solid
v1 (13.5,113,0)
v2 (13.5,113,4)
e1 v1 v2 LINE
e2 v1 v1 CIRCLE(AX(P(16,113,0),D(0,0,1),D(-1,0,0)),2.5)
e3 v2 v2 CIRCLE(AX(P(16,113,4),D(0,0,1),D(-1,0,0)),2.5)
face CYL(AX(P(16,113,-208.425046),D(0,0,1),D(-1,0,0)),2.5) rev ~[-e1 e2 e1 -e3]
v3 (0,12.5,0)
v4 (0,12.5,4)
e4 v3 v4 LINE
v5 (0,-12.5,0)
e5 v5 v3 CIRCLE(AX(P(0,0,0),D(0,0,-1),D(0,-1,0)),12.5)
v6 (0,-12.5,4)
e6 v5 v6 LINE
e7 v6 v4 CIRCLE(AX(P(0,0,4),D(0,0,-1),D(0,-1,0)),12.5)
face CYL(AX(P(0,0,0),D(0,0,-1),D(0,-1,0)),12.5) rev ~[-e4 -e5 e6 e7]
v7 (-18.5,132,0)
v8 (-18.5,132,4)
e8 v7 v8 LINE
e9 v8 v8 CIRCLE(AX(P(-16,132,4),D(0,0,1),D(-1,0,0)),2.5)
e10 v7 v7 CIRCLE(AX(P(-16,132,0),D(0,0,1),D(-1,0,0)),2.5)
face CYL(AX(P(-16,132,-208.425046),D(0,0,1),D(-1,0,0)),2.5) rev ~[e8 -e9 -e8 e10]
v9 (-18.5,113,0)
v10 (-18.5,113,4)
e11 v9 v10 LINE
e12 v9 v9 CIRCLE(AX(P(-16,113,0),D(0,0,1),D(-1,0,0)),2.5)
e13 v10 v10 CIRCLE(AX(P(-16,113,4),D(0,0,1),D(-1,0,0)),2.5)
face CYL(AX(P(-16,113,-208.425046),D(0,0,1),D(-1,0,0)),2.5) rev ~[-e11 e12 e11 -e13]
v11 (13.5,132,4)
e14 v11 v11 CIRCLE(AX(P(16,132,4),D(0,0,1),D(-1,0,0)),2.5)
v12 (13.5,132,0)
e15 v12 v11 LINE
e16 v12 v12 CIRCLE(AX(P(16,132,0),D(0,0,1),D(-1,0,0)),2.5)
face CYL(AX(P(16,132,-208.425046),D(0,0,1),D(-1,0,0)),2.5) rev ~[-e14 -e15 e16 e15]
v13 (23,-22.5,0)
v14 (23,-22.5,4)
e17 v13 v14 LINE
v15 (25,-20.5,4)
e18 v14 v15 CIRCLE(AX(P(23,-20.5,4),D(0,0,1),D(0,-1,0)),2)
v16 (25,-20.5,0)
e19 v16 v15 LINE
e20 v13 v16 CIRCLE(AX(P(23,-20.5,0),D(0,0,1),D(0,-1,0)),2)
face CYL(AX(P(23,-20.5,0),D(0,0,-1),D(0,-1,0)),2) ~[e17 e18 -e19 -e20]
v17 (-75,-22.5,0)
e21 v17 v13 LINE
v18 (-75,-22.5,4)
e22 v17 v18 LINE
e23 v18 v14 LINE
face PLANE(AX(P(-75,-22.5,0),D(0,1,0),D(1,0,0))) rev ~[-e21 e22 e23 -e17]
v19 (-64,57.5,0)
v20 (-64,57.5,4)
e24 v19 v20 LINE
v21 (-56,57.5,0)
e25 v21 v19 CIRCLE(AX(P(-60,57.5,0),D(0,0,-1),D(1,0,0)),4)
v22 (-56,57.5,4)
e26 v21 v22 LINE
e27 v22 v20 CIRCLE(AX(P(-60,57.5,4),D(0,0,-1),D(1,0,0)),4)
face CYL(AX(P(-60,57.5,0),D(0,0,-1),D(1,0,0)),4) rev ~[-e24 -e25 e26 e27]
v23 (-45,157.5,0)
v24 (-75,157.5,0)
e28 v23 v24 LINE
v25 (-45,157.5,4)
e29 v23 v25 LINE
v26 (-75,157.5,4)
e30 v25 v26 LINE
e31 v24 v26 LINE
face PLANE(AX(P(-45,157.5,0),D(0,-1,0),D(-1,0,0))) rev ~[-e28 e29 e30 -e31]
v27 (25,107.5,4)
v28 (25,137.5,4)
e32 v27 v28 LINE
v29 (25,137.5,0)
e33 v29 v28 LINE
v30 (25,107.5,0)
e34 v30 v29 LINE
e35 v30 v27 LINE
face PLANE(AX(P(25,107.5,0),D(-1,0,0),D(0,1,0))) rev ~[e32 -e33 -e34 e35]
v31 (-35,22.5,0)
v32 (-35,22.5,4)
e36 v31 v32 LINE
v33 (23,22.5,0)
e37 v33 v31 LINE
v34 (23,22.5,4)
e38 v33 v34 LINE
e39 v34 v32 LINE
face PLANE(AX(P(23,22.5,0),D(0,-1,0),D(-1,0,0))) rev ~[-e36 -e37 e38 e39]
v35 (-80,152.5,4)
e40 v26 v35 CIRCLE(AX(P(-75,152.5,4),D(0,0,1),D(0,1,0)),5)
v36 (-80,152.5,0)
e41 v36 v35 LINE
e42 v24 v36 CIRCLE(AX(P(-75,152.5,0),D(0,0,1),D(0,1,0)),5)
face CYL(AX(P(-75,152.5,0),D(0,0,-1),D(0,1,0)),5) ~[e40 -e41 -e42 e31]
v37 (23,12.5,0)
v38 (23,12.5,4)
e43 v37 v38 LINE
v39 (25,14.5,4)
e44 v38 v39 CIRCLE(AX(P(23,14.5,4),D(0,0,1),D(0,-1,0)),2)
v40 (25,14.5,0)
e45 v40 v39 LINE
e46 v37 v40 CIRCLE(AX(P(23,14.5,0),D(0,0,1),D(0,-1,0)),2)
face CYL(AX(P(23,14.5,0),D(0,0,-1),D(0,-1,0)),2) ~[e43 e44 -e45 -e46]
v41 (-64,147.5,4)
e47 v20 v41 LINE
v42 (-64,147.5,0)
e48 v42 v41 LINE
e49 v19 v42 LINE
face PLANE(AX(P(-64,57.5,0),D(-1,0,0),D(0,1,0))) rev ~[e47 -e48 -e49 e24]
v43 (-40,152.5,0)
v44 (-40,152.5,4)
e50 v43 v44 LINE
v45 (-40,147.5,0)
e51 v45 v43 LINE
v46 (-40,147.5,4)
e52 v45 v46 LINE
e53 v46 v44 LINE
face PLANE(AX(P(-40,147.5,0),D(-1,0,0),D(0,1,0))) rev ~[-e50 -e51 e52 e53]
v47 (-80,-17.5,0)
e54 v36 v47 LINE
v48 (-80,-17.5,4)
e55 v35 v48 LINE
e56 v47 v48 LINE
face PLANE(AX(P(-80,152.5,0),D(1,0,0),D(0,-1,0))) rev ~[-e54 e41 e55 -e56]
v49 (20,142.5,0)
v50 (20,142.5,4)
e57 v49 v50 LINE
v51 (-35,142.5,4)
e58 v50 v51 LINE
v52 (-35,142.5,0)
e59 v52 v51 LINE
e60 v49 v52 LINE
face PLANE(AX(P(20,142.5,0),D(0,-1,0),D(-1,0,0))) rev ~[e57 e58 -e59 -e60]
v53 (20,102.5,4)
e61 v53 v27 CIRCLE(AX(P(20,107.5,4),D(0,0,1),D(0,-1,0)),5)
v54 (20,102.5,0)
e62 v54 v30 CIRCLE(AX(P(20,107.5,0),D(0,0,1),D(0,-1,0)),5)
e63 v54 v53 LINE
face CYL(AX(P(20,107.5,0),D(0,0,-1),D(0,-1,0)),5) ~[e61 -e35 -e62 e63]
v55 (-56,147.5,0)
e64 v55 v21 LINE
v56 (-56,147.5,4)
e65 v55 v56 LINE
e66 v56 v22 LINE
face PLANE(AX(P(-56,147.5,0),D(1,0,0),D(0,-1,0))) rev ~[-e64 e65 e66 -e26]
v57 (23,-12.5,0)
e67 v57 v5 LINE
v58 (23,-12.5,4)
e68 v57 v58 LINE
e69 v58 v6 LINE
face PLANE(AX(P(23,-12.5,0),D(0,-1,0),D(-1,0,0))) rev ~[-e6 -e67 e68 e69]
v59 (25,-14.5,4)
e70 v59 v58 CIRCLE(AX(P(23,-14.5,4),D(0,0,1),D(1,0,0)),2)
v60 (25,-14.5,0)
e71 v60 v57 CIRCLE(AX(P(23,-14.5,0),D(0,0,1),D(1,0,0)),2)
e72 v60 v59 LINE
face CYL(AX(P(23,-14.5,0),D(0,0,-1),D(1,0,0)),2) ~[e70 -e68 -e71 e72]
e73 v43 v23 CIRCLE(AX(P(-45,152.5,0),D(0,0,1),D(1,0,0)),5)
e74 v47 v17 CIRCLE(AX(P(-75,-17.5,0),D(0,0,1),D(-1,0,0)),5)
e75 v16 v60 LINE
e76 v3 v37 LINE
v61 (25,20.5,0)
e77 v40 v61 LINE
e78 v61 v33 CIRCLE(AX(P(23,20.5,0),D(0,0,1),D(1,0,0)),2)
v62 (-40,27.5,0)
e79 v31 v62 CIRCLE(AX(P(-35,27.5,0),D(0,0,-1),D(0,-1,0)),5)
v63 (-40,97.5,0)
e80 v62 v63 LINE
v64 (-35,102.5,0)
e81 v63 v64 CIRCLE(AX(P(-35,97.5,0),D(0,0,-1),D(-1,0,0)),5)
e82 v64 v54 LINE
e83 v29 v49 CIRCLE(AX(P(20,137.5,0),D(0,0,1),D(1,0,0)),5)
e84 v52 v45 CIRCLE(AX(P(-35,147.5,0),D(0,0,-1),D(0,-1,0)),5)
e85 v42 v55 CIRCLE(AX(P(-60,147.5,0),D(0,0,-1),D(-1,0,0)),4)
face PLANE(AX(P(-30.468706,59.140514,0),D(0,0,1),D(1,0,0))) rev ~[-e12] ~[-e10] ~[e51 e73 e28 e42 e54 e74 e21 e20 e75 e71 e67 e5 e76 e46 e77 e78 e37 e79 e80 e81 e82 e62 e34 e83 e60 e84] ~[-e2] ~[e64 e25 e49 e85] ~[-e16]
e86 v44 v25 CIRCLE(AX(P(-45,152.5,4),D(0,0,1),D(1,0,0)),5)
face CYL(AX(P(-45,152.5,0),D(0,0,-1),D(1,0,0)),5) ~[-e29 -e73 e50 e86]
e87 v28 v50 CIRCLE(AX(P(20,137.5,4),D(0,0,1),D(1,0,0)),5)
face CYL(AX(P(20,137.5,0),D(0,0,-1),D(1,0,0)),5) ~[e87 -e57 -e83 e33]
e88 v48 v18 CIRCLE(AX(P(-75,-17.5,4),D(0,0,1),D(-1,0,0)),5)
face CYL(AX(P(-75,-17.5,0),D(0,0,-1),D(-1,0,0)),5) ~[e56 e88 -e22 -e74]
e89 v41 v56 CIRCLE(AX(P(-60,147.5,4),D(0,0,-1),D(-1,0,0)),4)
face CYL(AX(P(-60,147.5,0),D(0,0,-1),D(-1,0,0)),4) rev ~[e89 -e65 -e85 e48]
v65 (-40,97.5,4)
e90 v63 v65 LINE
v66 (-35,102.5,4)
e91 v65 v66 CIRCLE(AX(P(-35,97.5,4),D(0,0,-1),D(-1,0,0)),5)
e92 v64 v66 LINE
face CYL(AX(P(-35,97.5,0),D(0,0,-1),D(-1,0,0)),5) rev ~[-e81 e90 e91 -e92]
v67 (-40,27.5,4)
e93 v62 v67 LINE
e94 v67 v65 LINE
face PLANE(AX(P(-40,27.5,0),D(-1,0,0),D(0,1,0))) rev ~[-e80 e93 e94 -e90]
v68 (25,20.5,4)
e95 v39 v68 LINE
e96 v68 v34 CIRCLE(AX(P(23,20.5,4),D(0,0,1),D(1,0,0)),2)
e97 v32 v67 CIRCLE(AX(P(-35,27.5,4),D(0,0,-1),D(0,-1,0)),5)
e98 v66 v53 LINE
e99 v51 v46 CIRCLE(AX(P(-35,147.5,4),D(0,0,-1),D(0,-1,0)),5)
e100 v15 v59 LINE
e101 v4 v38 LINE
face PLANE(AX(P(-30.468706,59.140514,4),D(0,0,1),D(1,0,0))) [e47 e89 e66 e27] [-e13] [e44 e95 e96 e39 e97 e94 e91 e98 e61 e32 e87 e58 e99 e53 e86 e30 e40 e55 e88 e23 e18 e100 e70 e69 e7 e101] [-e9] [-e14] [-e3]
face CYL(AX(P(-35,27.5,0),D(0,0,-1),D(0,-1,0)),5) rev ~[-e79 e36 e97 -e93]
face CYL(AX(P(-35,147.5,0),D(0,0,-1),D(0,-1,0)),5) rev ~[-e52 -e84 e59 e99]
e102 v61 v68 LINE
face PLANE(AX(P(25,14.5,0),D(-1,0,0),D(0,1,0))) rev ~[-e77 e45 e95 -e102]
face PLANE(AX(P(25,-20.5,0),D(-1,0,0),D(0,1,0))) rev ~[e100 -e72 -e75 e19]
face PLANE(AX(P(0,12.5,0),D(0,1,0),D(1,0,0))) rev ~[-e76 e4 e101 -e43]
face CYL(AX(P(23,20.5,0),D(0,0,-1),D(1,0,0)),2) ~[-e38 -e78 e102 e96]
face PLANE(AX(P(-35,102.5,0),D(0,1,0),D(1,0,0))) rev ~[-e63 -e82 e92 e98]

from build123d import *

# Parameters (mm, degrees)
F1_DEPTH = 4
F2_D     = 5


with BuildPart() as f1:
    # F0 (on Top) → F1 (new body)
    with BuildSketch(Plane.XY):
        with BuildLine():
            ThreePointArc((0, -12.5), (-12.5, 0), (0, 12.5))
            Line((0, 12.5), (23, 12.5))
            ThreePointArc((23, 12.5), (24.4142135624, 13.0857864376), (25, 14.5))
            Line((25, 14.5), (25, 20.5))
            ThreePointArc((25, 20.5), (24.4142135624, 21.9142135624), (23, 22.5))
            Line((23, 22.5), (-35, 22.5))
            ThreePointArc((-35, 22.5), (-38.5355339059, 23.9644660941), (-40, 27.5))
            Line((-40, 27.5), (-40, 97.5))
            ThreePointArc((-40, 97.5), (-38.5355339059, 101.0355339059), (-35, 102.5))
            Line((-35, 102.5), (20, 102.5))
            ThreePointArc((20, 102.5), (23.5355339059, 103.9644660941), (25, 107.5))
            Line((25, 107.5), (25, 137.5))
            ThreePointArc((25, 137.5), (23.5355339059, 141.0355339059), (20, 142.5))
            Line((20, 142.5), (-35, 142.5))
            ThreePointArc((-35, 142.5), (-38.5355339059, 143.9644660941), (-40, 147.5))
            Line((-40, 147.5), (-40, 152.5))
            ThreePointArc((-40, 152.5), (-41.4644660941, 156.0355339059), (-45, 157.5))
            Line((-45, 157.5), (-75, 157.5))
            ThreePointArc((-75, 157.5), (-78.5355339059, 156.0355339059), (-80, 152.5))
            Line((-80, 152.5), (-80, -17.5))
            ThreePointArc((-80, -17.5), (-78.5355339059, -21.0355339059), (-75, -22.5))
            Line((-75, -22.5), (23, -22.5))
            ThreePointArc((23, -22.5), (24.4142135624, -21.9142135624), (25, -20.5))
            Line((25, -20.5), (25, -14.5))
            ThreePointArc((25, -14.5), (24.4142135624, -13.0857864376), (23, -12.5))
            Line((23, -12.5), (0, -12.5))
        make_face()
        with BuildLine():
            Line((-64, 57.5), (-64, 147.5))
            ThreePointArc((-64, 147.5), (-60, 151.5), (-56, 147.5))
            Line((-56, 147.5), (-56, 57.5))
            ThreePointArc((-56, 57.5), (-60, 53.5), (-64, 57.5))
        make_face(mode=Mode.SUBTRACT)
    extrude(amount=F1_DEPTH)

    # F2 (through all)
    with Locations(Plane(origin=(0, 0, 0), x_dir=(1, 0, 0), z_dir=(0, 0, -1))):
        with Locations((-16, -132), (16, -132), (16, -113), (-16, -113)):
            Hole(F2_D / 2)


solid = f1.part
